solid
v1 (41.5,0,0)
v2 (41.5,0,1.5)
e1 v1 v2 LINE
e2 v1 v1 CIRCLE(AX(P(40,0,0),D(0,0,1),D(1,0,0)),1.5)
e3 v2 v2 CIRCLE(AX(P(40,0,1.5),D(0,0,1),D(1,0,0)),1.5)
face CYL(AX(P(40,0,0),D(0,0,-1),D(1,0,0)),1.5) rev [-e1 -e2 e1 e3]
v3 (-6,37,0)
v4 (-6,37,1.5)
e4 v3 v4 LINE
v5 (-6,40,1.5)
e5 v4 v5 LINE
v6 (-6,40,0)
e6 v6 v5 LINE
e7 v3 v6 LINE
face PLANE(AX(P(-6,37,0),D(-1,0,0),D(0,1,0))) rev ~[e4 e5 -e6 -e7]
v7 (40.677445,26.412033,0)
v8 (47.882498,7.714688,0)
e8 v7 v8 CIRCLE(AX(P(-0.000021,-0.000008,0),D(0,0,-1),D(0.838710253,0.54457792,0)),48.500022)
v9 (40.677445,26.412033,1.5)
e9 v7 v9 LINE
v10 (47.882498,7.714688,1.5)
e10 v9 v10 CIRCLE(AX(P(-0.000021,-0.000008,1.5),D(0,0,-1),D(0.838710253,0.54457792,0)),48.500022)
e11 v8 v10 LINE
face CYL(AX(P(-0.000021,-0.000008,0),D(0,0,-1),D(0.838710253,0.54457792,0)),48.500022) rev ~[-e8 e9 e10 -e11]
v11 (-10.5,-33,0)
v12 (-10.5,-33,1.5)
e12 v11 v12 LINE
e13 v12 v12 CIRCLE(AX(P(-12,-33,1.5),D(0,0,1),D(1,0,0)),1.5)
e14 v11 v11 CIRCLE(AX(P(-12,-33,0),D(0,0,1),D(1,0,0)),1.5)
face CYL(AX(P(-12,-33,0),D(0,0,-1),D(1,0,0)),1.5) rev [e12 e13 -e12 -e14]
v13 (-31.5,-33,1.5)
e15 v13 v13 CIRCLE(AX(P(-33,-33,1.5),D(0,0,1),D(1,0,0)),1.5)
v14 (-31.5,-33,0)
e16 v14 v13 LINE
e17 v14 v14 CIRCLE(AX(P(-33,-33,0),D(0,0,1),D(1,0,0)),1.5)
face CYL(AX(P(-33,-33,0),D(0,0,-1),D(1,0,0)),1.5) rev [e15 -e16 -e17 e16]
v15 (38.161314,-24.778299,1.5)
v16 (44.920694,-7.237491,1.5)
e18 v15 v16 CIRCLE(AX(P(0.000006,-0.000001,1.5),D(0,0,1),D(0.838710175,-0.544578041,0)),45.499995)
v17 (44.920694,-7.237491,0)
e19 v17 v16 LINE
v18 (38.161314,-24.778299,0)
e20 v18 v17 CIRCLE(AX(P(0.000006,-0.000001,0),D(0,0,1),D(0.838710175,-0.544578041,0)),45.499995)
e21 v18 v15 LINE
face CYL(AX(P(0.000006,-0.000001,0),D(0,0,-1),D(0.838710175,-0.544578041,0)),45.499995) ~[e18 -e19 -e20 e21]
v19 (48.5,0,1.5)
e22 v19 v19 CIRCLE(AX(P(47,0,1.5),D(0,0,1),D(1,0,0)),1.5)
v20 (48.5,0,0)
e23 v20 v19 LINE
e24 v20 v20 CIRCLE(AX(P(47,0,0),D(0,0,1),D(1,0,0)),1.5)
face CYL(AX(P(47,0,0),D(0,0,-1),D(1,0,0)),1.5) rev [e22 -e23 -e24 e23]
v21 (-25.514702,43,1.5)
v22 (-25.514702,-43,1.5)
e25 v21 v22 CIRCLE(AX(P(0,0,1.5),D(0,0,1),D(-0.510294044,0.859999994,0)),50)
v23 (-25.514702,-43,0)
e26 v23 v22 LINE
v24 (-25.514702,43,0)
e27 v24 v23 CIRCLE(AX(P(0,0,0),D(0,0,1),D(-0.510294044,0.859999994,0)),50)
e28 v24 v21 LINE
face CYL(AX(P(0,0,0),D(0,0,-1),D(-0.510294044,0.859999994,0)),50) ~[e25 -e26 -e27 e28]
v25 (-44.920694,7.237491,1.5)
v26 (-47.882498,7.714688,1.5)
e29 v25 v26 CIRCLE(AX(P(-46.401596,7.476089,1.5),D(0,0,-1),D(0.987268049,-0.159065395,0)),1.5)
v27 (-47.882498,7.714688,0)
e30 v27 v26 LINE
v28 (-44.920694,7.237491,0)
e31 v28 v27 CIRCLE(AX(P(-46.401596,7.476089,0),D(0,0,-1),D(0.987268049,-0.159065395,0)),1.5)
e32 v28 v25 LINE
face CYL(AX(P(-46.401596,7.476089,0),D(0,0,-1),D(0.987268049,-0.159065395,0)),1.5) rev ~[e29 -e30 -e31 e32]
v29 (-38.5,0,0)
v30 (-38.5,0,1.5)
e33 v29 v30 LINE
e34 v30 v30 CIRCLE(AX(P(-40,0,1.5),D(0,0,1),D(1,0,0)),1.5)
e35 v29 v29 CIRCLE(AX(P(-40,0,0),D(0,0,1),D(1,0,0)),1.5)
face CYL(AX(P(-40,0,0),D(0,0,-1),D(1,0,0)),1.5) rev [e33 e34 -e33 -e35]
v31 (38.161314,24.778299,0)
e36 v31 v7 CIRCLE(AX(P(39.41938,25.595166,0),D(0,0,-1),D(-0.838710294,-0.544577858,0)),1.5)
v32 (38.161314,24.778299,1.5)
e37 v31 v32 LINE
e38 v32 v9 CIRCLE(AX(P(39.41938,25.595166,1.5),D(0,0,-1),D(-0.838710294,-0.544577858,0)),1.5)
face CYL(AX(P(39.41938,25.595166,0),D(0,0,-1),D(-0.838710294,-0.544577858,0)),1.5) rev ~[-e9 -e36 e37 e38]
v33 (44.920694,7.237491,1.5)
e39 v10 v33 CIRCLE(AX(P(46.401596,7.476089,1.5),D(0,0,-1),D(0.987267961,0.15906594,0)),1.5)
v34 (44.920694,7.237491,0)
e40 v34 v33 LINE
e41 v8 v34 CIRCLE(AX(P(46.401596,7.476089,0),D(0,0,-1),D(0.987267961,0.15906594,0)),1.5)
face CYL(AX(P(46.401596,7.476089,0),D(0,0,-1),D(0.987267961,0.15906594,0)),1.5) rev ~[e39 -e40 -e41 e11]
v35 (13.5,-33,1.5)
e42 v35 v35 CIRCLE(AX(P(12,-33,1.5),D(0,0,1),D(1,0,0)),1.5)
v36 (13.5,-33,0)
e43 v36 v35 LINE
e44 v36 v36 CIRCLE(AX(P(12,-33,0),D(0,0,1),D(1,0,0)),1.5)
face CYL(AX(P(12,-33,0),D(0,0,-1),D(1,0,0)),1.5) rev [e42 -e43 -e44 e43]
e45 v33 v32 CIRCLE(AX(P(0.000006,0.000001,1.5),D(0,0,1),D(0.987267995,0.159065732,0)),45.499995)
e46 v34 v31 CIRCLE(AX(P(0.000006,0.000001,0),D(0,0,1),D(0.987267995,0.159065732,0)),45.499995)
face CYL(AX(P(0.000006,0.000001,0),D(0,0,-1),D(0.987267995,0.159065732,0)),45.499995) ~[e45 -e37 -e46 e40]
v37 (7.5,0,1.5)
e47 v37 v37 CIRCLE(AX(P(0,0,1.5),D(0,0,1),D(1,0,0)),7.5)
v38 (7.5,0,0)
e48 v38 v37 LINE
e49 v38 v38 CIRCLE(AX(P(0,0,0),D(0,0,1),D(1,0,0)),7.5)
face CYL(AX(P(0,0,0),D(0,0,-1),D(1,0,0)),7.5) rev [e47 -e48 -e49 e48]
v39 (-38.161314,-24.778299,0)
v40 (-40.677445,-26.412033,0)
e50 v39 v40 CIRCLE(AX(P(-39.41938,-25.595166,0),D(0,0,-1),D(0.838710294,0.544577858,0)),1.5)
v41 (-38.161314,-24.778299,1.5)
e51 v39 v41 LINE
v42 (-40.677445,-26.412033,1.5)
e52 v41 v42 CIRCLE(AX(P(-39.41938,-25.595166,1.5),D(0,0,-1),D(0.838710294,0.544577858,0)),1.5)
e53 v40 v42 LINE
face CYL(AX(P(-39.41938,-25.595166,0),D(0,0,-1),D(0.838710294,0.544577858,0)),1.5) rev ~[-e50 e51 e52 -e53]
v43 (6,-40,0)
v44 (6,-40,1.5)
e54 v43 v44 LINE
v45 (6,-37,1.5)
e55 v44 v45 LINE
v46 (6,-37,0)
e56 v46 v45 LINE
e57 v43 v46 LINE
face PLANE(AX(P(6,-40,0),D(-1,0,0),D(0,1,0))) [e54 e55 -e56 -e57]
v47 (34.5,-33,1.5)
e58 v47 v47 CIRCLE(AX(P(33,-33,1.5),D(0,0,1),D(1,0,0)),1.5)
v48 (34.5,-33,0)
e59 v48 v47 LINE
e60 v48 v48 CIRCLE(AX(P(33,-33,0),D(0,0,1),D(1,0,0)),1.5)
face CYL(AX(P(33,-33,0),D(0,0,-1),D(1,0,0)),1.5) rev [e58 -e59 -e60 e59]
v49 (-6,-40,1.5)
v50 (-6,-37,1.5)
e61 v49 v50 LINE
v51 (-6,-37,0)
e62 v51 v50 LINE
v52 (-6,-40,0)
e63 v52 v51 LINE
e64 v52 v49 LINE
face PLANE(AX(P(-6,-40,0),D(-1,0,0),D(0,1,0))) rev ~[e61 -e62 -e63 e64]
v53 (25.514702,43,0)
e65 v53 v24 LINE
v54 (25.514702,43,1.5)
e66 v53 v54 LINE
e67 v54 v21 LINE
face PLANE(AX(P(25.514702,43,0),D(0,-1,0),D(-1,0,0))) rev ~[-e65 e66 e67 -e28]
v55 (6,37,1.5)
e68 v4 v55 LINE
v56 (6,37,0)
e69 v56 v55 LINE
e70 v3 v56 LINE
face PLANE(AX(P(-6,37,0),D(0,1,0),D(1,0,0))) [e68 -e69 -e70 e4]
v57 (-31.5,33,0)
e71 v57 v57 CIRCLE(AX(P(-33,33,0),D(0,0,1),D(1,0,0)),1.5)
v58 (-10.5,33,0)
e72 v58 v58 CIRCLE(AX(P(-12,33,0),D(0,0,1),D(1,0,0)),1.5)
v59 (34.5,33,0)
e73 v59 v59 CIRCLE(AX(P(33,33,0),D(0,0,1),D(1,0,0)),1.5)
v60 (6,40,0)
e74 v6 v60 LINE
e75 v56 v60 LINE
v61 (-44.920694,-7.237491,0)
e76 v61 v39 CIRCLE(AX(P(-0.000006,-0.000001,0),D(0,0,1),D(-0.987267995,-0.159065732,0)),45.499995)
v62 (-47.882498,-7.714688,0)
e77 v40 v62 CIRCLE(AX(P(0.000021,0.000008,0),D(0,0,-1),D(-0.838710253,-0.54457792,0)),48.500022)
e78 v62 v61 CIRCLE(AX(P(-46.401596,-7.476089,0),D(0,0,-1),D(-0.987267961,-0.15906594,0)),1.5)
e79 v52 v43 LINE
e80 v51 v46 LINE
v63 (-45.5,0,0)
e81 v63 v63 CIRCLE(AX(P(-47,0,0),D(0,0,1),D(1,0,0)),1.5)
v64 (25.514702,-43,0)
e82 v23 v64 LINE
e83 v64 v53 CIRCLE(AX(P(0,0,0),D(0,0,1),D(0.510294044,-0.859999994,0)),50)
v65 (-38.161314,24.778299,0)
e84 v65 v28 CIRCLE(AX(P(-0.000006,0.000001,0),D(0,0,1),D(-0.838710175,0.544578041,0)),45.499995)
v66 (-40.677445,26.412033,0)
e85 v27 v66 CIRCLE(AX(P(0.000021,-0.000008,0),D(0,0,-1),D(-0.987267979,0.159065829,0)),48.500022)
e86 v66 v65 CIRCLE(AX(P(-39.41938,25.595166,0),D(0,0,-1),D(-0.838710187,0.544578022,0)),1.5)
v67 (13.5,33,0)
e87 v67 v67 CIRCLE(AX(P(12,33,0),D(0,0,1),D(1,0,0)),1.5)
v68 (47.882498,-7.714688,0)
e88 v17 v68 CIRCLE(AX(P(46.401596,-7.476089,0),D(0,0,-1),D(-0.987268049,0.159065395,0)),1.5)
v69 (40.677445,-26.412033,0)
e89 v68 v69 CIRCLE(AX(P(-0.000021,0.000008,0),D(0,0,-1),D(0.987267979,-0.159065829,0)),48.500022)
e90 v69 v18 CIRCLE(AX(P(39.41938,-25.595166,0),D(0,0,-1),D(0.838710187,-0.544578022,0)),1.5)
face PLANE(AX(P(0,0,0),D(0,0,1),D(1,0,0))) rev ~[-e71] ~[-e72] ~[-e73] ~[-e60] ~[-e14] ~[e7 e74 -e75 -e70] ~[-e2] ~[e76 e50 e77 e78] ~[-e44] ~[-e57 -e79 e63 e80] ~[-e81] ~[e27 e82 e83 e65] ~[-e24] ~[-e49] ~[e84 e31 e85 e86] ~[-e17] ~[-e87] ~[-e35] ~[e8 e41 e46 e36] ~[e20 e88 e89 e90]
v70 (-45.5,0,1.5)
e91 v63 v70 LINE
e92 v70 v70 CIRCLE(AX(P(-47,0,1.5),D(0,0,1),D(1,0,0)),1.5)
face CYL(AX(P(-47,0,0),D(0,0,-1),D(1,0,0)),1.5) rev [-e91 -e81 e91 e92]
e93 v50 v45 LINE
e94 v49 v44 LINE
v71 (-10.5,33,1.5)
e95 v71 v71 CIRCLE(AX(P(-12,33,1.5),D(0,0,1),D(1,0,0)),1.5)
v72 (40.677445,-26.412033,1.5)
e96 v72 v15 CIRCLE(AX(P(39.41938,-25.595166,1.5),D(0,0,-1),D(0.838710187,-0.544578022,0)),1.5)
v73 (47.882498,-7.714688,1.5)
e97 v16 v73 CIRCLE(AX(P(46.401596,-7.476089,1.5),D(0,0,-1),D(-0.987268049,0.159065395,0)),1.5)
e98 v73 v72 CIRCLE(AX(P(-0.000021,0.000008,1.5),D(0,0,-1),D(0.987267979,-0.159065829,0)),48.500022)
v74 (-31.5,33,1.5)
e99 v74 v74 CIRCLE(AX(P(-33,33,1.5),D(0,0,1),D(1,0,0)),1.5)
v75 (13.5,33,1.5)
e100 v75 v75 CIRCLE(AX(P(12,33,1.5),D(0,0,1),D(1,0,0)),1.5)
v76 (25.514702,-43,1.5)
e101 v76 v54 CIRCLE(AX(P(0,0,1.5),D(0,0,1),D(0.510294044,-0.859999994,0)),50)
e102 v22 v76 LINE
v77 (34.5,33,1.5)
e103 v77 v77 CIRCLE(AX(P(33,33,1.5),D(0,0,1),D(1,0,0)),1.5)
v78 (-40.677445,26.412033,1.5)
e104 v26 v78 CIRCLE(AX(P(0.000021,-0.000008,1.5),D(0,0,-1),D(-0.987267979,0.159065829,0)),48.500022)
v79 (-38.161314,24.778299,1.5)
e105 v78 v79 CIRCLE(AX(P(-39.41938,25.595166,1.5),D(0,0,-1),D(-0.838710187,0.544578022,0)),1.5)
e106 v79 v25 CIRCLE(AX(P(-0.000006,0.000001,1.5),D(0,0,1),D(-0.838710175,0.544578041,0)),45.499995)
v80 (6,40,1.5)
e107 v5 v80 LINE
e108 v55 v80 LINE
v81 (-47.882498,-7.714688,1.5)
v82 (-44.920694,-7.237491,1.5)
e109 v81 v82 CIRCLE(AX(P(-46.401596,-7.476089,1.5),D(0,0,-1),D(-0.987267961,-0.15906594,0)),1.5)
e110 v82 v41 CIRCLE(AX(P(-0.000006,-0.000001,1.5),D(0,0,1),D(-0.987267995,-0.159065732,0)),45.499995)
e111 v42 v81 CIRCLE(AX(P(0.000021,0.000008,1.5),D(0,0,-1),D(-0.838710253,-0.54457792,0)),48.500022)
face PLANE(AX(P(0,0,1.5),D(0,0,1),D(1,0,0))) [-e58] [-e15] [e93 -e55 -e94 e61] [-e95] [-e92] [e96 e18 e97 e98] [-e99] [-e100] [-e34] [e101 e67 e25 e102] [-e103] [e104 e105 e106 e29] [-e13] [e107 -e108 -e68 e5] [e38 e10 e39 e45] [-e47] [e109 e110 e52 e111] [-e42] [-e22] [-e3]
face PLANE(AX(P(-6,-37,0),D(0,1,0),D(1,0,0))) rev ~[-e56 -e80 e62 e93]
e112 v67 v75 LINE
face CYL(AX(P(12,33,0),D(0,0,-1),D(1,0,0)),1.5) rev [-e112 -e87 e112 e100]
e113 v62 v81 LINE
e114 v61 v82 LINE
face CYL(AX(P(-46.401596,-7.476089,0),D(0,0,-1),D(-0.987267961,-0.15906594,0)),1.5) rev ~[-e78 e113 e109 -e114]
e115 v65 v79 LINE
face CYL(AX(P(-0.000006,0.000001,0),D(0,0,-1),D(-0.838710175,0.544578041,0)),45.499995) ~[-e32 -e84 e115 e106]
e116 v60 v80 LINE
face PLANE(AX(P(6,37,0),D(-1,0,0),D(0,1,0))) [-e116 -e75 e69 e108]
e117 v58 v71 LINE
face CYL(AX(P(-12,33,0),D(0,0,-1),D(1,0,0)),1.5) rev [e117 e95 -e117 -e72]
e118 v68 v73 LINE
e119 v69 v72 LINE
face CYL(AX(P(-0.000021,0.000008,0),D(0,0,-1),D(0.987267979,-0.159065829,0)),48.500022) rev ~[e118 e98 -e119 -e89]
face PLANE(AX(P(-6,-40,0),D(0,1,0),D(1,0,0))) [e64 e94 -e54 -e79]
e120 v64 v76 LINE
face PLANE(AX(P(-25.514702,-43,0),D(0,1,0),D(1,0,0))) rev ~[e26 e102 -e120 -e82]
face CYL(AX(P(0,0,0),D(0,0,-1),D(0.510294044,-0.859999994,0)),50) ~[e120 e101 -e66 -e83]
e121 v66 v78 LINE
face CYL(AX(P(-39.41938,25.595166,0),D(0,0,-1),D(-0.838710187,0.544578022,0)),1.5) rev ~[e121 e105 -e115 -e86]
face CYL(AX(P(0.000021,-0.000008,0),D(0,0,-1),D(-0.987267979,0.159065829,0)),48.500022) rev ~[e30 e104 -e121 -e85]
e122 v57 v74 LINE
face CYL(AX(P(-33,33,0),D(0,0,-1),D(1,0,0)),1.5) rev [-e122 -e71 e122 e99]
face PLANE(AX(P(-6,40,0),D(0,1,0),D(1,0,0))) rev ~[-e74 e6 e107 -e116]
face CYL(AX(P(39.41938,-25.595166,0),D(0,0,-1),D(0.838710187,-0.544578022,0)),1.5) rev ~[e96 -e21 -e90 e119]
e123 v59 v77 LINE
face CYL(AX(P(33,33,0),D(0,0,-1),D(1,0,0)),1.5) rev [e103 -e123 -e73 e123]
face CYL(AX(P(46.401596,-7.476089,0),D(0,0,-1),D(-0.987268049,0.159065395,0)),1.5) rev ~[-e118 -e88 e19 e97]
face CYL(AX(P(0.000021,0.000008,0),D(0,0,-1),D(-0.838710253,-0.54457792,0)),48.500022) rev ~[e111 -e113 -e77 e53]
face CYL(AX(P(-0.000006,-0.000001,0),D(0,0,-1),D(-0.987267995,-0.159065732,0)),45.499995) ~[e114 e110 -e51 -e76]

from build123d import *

# Parameters (mm, degrees)
F0_R     = 1.5
F0_W     = 12
F0_H     = 3
F0_R_2   = 7.5
F1_DEPTH = 1.5


with BuildPart() as f1:
    # F0 (on Top) → F1 (new body)
    with BuildSketch(Plane.XY):
        with BuildLine():
            Line((25.514702, 43), (-25.514702, 43))
            ThreePointArc((-25.514702, 43), (-50, 0), (-25.514702, -43))
            Line((-25.514702, -43), (25.514702, -43))
            ThreePointArc((25.514702, -43), (50, 0), (25.514702, 43))
        make_face()
        with Locations((-33, -33)):
            Circle(F0_R, mode=Mode.SUBTRACT)
        with Locations((-12, -33)):
            Circle(F0_R, mode=Mode.SUBTRACT)
        with BuildLine():
            ThreePointArc((-40.677445, -26.412033), (-45.256088, -17.439509), (-47.882498, -7.714688))
            ThreePointArc((-47.882498, -7.714688), (-46.640194, -5.995187), (-44.920694, -7.237491))
            ThreePointArc((-44.920694, -7.237491), (-42.456743, -16.360776), (-38.161314, -24.778299))
            ThreePointArc((-38.161314, -24.778299), (-38.602512, -26.853231), (-40.677445, -26.412033))
        make_face(mode=Mode.SUBTRACT)
        with Locations((0, -38.5)):
            Rectangle(F0_W, F0_H, mode=Mode.SUBTRACT)
        with Locations((12, -33)):
            Circle(F0_R, mode=Mode.SUBTRACT)
        with Locations((33, -33)):
            Circle(F0_R, mode=Mode.SUBTRACT)
        with BuildLine():
            ThreePointArc((40.677445, -26.412033), (38.602512, -26.853231), (38.161314, -24.778299))
            ThreePointArc((38.161314, -24.778299), (42.456743, -16.360776), (44.920694, -7.237491))
            ThreePointArc((44.920694, -7.237491), (46.640194, -5.995187), (47.882498, -7.714688))
            ThreePointArc((47.882498, -7.714688), (45.256088, -17.439509), (40.677445, -26.412033))
        make_face(mode=Mode.SUBTRACT)
        with Locations((-47, 0)):
            Circle(F0_R, mode=Mode.SUBTRACT)
        with Locations((-40, 0)):
            Circle(F0_R, mode=Mode.SUBTRACT)
        with BuildLine():
            ThreePointArc((-44.920694, 7.237491), (-46.640194, 5.995187), (-47.882498, 7.714688))
            ThreePointArc((-47.882498, 7.714688), (-45.256088, 17.439509), (-40.677445, 26.412033))
            ThreePointArc((-40.677445, 26.412033), (-38.602512, 26.853231), (-38.161314, 24.778299))
            ThreePointArc((-38.161314, 24.778299), (-42.456743, 16.360776), (-44.920694, 7.237491))
        make_face(mode=Mode.SUBTRACT)
        with Locations((-33, 33)):
            Circle(F0_R, mode=Mode.SUBTRACT)
        with Locations((-12, 33)):
            Circle(F0_R, mode=Mode.SUBTRACT)
        Circle(F0_R_2, mode=Mode.SUBTRACT)
        with Locations((40, 0)):
            Circle(F0_R, mode=Mode.SUBTRACT)
        with Locations((47, 0)):
            Circle(F0_R, mode=Mode.SUBTRACT)
        with BuildLine():
            ThreePointArc((40.677445, 26.412033), (45.256088, 17.439509), (47.882498, 7.714688))
            ThreePointArc((47.882498, 7.714688), (46.640194, 5.995187), (44.920694, 7.237491))
            ThreePointArc((44.920694, 7.237491), (42.456743, 16.360776), (38.161314, 24.778299))
            ThreePointArc((38.161314, 24.778299), (38.602512, 26.853231), (40.677445, 26.412033))
        make_face(mode=Mode.SUBTRACT)
        with Locations((12, 33)):
            Circle(F0_R, mode=Mode.SUBTRACT)
        with Locations((0, 38.5)):
            Rectangle(F0_W, F0_H, mode=Mode.SUBTRACT)
        with Locations((33, 33)):
            Circle(F0_R, mode=Mode.SUBTRACT)
    extrude(amount=F1_DEPTH)


solid = f1.part
